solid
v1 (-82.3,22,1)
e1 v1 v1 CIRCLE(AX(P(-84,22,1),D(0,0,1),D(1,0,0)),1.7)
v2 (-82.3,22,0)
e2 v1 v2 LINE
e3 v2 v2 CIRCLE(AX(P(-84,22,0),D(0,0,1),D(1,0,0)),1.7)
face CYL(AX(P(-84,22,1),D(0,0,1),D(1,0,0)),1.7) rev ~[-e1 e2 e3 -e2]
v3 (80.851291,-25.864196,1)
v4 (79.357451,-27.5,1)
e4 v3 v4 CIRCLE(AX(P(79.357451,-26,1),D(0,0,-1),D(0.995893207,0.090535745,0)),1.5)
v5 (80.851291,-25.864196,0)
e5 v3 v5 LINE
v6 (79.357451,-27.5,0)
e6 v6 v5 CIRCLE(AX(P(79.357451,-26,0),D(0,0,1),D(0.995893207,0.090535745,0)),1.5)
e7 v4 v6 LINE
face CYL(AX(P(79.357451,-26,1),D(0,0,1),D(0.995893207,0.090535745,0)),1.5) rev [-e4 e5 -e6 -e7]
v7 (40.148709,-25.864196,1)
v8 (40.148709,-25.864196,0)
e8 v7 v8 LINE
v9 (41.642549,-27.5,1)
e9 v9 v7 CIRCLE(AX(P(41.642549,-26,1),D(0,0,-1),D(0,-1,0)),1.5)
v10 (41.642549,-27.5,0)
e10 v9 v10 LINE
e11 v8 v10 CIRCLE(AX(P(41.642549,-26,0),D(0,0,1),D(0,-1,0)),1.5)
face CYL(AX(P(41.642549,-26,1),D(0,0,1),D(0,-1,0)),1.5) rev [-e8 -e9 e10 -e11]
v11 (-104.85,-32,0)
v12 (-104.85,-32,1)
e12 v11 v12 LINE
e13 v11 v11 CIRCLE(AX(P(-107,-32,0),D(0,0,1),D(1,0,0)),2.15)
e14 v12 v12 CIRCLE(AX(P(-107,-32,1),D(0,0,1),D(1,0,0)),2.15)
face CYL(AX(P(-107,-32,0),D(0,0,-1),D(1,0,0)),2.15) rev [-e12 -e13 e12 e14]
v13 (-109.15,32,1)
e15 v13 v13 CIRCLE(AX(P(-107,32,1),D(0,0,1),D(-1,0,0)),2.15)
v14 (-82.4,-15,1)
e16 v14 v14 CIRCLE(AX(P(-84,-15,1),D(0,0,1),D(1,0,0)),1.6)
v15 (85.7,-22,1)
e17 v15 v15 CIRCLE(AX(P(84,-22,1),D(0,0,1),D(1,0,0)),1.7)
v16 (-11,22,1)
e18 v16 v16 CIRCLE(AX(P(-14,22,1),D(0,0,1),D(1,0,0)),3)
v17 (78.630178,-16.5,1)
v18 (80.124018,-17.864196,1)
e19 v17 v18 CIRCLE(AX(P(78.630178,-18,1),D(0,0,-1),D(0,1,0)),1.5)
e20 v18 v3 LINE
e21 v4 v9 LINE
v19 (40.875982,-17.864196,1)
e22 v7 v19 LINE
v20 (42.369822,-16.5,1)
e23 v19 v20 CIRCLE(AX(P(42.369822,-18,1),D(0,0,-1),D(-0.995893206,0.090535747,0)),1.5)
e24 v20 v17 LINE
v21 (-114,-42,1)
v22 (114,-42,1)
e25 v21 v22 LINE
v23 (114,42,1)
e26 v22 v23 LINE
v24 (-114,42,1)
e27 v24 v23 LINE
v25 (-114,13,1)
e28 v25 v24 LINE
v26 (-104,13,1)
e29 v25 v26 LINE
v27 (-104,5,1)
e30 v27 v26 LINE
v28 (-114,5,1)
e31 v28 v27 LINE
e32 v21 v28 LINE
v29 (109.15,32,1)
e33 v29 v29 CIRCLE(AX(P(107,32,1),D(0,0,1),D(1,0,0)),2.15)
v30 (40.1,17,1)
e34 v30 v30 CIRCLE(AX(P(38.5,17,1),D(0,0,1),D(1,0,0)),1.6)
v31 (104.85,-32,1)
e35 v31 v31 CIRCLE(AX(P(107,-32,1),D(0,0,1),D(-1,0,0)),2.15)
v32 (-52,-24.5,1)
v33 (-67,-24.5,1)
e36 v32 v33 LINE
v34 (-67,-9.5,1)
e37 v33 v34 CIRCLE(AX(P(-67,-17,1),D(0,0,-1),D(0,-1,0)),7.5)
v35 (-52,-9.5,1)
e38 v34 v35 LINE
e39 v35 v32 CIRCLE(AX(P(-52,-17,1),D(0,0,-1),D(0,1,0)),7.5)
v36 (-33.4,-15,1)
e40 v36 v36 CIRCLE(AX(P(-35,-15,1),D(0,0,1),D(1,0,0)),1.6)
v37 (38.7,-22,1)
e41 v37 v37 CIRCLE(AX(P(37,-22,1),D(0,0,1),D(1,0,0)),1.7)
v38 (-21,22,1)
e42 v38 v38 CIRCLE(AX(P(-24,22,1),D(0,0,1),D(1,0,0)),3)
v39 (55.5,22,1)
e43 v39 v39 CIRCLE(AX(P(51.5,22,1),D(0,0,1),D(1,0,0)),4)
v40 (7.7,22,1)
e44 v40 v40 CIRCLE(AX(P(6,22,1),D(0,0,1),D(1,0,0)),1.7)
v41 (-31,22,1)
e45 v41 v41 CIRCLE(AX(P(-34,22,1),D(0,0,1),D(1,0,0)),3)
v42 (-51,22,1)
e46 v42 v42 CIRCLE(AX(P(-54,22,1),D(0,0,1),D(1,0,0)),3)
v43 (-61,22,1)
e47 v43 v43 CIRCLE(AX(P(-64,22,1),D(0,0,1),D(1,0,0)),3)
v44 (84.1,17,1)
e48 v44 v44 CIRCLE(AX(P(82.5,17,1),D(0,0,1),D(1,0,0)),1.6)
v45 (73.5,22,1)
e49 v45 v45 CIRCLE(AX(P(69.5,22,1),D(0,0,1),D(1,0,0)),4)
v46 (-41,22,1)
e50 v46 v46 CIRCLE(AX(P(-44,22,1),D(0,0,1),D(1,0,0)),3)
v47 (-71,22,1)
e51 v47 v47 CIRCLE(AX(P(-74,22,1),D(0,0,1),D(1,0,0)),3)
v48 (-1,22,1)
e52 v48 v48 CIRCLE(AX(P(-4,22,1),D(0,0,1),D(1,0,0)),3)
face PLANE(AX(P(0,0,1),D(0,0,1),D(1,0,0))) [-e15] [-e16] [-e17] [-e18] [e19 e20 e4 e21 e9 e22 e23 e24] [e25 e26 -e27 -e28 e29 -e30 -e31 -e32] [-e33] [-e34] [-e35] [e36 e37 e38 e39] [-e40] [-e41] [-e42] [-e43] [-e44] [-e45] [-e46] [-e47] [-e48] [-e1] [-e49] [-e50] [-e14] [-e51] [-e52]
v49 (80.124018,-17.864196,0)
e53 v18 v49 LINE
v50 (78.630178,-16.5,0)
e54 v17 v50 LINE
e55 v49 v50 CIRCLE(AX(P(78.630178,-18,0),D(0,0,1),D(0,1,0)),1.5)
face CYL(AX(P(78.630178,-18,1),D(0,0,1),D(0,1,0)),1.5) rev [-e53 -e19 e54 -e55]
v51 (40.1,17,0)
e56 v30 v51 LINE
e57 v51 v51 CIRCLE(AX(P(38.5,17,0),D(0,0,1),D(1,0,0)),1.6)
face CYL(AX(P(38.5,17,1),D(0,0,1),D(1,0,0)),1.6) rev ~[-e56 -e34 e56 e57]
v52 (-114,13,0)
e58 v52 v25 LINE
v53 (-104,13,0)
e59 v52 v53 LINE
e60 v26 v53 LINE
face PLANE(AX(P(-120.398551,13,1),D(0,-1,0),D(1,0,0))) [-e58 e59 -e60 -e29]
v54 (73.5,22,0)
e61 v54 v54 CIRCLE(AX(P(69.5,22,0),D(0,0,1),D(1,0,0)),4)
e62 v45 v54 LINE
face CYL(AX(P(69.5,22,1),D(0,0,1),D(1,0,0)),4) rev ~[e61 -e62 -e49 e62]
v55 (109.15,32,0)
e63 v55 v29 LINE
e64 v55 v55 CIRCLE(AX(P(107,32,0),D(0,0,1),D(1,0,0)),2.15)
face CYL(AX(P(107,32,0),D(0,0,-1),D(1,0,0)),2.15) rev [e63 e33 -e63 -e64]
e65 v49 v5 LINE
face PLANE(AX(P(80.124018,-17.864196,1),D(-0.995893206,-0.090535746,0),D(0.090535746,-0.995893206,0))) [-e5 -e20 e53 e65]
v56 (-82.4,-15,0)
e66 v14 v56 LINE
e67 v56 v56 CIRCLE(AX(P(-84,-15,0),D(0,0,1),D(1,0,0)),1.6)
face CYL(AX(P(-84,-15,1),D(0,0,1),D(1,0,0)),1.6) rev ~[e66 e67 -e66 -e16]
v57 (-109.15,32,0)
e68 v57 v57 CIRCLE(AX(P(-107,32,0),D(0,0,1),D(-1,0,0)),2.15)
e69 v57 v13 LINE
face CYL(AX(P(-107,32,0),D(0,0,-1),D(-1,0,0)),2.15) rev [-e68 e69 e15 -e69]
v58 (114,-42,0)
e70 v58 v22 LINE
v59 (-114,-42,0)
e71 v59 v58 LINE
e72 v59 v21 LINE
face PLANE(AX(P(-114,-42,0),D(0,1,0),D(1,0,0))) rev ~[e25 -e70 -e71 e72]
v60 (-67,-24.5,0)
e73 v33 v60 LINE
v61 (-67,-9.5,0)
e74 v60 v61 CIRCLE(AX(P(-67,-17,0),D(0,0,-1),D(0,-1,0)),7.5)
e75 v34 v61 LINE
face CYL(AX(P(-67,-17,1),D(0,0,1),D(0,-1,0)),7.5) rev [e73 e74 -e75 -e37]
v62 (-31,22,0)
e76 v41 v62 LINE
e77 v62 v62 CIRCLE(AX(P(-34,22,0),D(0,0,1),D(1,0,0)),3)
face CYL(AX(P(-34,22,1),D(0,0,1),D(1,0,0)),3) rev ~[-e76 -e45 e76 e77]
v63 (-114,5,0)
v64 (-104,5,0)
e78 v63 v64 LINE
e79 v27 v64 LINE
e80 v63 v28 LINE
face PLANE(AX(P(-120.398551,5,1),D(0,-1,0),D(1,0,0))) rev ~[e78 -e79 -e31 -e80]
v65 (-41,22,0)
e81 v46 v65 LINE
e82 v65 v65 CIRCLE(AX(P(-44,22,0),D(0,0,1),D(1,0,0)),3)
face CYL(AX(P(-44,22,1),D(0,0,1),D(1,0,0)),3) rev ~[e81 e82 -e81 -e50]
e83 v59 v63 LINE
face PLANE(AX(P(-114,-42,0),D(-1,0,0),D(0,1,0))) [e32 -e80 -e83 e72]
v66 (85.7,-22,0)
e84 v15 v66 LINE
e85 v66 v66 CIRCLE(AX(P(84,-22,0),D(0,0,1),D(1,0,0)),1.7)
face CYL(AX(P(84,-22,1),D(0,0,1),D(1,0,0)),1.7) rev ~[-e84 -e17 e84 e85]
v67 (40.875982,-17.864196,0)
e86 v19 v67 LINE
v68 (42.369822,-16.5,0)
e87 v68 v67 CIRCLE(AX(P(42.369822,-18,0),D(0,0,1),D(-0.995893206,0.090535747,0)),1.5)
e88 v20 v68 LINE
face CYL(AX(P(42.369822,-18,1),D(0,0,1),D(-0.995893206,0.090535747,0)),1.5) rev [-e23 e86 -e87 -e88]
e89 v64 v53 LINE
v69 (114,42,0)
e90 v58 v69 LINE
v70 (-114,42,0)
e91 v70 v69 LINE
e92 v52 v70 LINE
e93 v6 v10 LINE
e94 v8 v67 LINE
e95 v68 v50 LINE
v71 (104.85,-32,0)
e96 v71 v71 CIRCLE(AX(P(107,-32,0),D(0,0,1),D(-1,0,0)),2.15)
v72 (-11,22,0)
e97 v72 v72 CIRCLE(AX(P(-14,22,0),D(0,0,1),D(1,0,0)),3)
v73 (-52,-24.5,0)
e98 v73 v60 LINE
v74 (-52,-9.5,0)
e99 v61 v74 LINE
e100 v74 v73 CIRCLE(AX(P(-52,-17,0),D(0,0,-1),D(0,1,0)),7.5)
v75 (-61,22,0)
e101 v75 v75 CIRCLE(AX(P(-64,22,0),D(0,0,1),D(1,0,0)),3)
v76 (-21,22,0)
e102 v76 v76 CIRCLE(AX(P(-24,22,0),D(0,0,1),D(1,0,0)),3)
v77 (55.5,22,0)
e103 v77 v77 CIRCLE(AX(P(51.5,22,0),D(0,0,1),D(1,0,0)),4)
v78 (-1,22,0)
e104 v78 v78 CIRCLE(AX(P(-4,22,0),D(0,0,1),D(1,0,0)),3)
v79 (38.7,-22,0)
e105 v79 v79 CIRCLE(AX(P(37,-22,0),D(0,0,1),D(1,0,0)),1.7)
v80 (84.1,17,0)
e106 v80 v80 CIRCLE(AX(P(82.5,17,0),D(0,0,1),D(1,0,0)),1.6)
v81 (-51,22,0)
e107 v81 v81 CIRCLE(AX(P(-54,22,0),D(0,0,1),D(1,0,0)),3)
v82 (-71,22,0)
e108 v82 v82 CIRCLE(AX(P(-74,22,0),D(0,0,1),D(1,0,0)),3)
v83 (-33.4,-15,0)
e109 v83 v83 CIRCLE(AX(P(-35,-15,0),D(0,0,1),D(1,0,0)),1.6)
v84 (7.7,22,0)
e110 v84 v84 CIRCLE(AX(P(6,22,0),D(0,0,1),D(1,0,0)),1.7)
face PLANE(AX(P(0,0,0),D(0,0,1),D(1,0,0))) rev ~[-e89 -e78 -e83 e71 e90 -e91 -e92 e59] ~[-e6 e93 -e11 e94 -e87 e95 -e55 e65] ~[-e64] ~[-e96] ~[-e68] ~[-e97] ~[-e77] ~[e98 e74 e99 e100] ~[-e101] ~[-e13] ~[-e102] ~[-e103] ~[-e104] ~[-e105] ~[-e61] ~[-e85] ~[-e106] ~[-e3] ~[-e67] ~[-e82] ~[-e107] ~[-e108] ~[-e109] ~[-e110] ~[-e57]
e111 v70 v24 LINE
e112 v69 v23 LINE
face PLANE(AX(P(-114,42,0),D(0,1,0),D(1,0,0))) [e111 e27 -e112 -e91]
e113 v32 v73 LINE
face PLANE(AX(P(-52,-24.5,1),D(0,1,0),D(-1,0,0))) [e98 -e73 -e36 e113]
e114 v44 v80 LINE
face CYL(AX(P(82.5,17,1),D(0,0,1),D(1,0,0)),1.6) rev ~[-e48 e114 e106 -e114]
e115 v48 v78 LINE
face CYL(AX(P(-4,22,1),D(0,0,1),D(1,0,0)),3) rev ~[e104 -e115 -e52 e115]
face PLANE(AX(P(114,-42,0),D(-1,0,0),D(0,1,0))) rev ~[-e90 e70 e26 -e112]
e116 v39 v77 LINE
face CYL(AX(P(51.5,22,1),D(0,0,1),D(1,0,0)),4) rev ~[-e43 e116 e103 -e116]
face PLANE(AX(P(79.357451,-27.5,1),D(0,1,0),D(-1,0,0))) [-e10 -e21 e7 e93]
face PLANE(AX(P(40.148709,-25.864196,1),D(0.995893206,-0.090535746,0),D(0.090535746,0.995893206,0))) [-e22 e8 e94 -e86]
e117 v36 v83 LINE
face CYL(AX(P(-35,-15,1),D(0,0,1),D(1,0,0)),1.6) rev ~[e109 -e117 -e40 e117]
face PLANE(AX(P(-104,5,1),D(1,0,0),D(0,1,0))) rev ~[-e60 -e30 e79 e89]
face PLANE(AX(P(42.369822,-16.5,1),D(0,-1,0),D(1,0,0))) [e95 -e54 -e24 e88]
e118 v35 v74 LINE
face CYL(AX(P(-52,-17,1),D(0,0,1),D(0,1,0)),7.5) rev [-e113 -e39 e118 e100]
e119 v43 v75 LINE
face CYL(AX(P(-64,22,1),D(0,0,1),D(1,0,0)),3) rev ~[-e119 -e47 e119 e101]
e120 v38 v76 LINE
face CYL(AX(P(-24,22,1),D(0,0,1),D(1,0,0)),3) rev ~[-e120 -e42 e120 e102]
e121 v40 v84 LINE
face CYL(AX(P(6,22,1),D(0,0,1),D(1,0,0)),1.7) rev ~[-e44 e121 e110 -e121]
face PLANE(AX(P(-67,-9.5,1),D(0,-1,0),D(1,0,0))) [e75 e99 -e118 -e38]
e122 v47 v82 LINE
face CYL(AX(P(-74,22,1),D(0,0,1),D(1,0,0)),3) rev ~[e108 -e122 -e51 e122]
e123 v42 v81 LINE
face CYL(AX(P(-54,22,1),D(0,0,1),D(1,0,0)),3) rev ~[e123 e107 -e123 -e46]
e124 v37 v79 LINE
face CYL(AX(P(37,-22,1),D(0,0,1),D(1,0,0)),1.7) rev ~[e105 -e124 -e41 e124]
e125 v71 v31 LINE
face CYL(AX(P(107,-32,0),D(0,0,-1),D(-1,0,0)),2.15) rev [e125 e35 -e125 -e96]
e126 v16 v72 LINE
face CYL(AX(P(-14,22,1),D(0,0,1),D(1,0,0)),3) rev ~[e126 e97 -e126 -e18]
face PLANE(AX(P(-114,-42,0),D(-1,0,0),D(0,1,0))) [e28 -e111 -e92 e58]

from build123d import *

# Parameters (mm, degrees)
SKETCH_1_W          = 228
SKETCH_1_H          = 84
SKETCH_1_R          = 2.15
EXTRUDE_1_DEPTH     = 1
SKETCH_3_R          = 1.7
SKETCH_3_R_2        = 1.6
SKETCH_3_R_3        = 4
CUT_EXTRUDE_1_DEPTH = 10
SKETCH_4_R          = 1.6
SKETCH_4_W          = 16.398551469
SKETCH_4_H          = 8
CUT_EXTRUDE_2_DEPTH = 1
SKETCH_5_R          = 1.7
SKETCH_5_R_2        = 3
CUT_EXTRUDE_3_DEPTH = 10


with BuildPart() as part:
    # Эскиз1 → Вытянуть1 (new body)
    with BuildSketch(Plane.XY):
        Rectangle(SKETCH_1_W, SKETCH_1_H)
        with Locations((107, 32)):
            Circle(SKETCH_1_R, mode=Mode.SUBTRACT)
        with Locations(Location((-107, 32, 0), (0, 0, 180))):
            Circle(SKETCH_1_R, mode=Mode.SUBTRACT)
        with Locations((-107, -32)):
            Circle(SKETCH_1_R, mode=Mode.SUBTRACT)
        with Locations(Location((107, -32, 0), (0, 0, 180))):
            Circle(SKETCH_1_R, mode=Mode.SUBTRACT)
    extrude(amount=EXTRUDE_1_DEPTH)

    # Эскиз3 → Вырез-Вытянуть1 (cut)
    with BuildSketch(Plane.XY.offset(1)):
        with Locations((37, -22)):
            Circle(SKETCH_3_R)
        with Locations((84, -22)):
            Circle(SKETCH_3_R)
        with Locations((38.5, 17)):
            Circle(SKETCH_3_R_2)
        with Locations((82.5, 17)):
            Circle(SKETCH_3_R_2)
        with Locations((51.5, 22)):
            Circle(SKETCH_3_R_3)
        with Locations((69.5, 22)):
            Circle(SKETCH_3_R_3)
        with BuildLine():
            Line((40.14870942, -25.864196381), (40.875982147, -17.864196381))
            ThreePointArc((40.875982147, -17.864196381), (41.358314525, -16.892366164), (42.369821957, -16.5))
            Line((42.369821957, -16.5), (78.630178043, -16.5))
            ThreePointArc((78.630178043, -16.5), (79.641685475, -16.892366164), (80.124017853, -17.864196381))
            Line((80.124017853, -17.864196381), (80.85129058, -25.864196381))
            ThreePointArc((80.85129058, -25.864196381), (80.465084606, -27.011507432), (79.35745077, -27.5))
            Line((79.35745077, -27.5), (41.64254923, -27.5))
            ThreePointArc((41.64254923, -27.5), (40.534915394, -27.011507432), (40.14870942, -25.864196381))
        make_face()
    extrude(amount=-CUT_EXTRUDE_1_DEPTH, mode=Mode.SUBTRACT)

    # Эскиз4 → Вырез-Вытянуть2 (cut)
    with BuildSketch(Plane.XY.offset(1)):
        with Locations((-84, -15)):
            Circle(SKETCH_4_R)
        with Locations((-35, -15)):
            Circle(SKETCH_4_R)
        with BuildLine():
            Line((-67, -9.5), (-52, -9.5))
            ThreePointArc((-52, -9.5), (-44.5, -17), (-52, -24.5))
            Line((-52, -24.5), (-67, -24.5))
            ThreePointArc((-67, -24.5), (-74.5, -17), (-67, -9.5))
        make_face()
        with Locations((-112.199275735, 9)):
            Rectangle(SKETCH_4_W, SKETCH_4_H)
    extrude(amount=-CUT_EXTRUDE_2_DEPTH, mode=Mode.SUBTRACT)

    # Эскиз5 → Вырез-Вытянуть3 (cut)
    with BuildSketch(Plane.XY.offset(1)):
        with Locations((-84, 22)):
            Circle(SKETCH_5_R)
        with Locations((6, 22)):
            Circle(SKETCH_5_R)
        with Locations((-4, 22)):
            Circle(SKETCH_5_R_2)
        with Locations((-14, 22)):
            Circle(SKETCH_5_R_2)
        with Locations((-24, 22)):
            Circle(SKETCH_5_R_2)
        with Locations((-34, 22)):
            Circle(SKETCH_5_R_2)
        with Locations((-44, 22)):
            Circle(SKETCH_5_R_2)
        with Locations((-54, 22)):
            Circle(SKETCH_5_R_2)
        with Locations((-64, 22)):
            Circle(SKETCH_5_R_2)
        with Locations((-74, 22)):
            Circle(SKETCH_5_R_2)
    extrude(amount=-CUT_EXTRUDE_3_DEPTH, mode=Mode.SUBTRACT)


solid = part.part
